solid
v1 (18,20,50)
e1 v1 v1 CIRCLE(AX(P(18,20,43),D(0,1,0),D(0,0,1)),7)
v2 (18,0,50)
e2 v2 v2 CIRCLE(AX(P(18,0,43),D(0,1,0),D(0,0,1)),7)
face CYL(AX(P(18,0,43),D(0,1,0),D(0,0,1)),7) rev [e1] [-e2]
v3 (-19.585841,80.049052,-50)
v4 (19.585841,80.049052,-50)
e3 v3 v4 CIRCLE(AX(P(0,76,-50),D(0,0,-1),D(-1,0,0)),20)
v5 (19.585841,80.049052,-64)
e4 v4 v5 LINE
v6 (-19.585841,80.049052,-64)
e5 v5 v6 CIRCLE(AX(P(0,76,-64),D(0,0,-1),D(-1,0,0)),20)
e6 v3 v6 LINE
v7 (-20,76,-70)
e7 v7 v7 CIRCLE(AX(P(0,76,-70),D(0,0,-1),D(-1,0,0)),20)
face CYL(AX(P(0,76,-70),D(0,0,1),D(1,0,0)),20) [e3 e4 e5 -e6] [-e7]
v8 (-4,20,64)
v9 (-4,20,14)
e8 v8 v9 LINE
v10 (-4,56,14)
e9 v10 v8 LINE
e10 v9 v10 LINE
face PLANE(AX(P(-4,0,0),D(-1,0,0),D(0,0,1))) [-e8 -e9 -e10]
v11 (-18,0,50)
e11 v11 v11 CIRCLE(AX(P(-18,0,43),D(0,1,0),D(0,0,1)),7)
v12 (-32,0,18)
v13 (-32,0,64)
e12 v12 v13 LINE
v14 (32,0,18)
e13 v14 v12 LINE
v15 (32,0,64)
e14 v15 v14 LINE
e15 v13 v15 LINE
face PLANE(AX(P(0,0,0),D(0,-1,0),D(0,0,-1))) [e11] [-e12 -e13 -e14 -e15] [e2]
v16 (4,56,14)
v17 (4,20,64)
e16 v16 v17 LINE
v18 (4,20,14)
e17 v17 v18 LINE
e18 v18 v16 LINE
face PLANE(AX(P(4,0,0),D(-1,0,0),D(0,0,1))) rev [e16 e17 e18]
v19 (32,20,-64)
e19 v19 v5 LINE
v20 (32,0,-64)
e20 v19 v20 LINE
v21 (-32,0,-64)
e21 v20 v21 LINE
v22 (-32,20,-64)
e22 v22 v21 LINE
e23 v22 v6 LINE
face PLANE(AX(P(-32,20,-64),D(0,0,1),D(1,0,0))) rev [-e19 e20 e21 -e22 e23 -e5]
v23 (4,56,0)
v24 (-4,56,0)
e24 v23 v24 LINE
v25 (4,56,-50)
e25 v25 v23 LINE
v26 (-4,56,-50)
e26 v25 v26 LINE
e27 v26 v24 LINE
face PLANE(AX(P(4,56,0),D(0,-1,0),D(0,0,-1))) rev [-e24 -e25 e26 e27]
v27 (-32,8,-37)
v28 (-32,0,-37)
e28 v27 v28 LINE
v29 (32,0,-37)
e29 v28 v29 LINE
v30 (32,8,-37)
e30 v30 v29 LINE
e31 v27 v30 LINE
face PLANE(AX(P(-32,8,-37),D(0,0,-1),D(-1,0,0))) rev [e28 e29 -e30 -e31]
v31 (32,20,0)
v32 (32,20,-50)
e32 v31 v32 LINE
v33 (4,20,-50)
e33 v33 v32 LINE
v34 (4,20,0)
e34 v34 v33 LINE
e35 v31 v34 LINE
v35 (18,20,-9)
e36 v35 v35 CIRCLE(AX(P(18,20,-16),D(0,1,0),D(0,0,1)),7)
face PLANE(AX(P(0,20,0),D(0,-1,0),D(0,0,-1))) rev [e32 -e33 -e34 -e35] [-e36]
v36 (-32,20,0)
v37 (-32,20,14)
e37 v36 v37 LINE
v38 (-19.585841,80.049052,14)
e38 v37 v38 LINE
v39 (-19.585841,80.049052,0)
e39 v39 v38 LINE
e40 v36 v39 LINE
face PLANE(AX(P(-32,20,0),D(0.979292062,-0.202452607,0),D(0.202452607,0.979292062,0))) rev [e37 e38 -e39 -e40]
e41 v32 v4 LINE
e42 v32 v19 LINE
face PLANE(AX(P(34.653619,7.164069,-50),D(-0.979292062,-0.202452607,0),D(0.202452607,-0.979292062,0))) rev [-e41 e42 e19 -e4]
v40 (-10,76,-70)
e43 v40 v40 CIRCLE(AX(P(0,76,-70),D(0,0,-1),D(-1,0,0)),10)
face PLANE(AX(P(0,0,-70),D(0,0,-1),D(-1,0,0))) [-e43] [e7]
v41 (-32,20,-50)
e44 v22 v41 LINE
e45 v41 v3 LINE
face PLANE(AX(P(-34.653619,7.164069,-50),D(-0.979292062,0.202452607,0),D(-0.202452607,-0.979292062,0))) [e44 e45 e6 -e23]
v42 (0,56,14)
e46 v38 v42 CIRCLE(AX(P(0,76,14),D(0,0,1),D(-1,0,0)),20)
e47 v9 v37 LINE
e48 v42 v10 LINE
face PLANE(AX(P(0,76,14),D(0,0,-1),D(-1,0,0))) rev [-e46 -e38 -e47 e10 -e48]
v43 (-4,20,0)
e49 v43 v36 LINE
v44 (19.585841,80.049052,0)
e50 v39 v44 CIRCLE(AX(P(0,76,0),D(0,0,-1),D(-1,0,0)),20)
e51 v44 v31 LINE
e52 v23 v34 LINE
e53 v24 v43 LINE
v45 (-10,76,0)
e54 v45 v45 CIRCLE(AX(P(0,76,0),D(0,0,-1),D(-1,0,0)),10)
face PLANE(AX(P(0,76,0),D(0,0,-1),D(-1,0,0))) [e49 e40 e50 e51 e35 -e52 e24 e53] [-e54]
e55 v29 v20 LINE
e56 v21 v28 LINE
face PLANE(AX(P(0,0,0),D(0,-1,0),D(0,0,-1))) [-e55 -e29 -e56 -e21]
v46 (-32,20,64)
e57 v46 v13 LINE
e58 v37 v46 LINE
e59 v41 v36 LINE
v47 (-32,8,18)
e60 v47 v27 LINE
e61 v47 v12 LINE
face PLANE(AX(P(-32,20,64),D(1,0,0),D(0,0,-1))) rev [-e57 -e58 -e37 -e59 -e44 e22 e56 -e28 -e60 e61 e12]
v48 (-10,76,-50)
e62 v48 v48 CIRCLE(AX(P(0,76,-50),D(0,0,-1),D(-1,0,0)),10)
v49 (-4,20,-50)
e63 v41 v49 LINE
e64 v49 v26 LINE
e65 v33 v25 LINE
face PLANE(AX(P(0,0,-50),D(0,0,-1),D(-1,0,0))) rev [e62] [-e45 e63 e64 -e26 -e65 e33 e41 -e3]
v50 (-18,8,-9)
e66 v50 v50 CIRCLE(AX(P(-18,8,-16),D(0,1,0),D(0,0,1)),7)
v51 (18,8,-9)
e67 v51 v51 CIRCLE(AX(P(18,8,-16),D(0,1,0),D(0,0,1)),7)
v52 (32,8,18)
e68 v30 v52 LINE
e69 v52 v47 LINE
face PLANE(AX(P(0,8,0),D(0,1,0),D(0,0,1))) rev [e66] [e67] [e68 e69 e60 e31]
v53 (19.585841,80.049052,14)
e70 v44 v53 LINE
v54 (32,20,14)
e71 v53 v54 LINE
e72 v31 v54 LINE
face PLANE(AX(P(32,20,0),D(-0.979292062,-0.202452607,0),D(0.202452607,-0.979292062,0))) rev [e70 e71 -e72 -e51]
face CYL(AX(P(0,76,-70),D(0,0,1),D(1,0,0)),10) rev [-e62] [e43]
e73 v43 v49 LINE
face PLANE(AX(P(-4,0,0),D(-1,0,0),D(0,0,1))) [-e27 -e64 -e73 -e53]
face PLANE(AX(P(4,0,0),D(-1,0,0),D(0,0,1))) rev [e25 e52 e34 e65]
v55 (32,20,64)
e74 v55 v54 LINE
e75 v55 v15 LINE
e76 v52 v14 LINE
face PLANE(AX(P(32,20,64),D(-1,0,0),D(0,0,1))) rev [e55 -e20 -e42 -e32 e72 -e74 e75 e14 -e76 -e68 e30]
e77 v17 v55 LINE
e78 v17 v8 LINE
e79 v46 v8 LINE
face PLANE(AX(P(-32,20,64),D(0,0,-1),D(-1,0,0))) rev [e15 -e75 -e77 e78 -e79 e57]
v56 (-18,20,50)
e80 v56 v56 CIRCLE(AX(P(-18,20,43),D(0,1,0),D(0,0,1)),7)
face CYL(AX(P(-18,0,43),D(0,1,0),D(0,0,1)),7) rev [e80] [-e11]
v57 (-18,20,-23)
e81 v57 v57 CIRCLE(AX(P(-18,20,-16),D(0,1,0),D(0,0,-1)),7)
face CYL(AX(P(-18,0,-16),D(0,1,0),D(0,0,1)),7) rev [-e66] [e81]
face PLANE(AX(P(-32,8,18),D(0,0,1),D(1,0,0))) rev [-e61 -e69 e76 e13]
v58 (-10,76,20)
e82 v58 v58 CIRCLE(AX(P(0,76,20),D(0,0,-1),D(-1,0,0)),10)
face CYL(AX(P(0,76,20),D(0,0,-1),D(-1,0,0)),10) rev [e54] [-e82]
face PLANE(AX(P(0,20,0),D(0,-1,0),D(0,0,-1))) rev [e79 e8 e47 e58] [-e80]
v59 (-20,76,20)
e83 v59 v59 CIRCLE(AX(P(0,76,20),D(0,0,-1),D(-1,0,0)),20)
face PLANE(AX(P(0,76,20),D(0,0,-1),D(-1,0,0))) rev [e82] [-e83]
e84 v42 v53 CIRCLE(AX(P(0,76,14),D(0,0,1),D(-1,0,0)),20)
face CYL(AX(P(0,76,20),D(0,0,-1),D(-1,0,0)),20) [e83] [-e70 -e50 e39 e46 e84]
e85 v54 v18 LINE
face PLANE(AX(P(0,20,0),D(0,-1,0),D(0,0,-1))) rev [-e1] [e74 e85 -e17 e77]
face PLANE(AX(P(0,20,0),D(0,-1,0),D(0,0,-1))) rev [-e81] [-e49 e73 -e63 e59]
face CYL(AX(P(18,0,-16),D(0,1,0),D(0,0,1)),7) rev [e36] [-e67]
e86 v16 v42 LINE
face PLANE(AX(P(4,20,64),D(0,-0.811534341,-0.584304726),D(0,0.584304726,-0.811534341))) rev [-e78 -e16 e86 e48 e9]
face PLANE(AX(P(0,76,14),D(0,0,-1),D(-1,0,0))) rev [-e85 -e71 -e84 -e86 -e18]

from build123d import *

# Parameters (mm, degrees)
SKETCH1_W                = 64
SKETCH1_H                = 128
BOSS_EXTRUDE1_DEPTH      = 20
BOSS_EXTRUDE2_DEPTH      = 14
BOSS_EXTRUDE3_DEPTH      = 6
BOSS_EXTRUDE3_DEPTH_BACK = 14
SKETCH2_3_R              = 10
BOSS_EXTRUDE4_START      = -70
SKETCH4_R                = 20
SKETCH4_R_2              = 10
BOSS_EXTRUDE4_DEPTH      = 20
BOSS_EXTRUDE5_START      = -78
BOSS_EXTRUDE5_DEPTH      = 14
SKETCH8_W                = 64
SKETCH8_H                = 55
CUT_EXTRUDE1_DEPTH       = 8
SKETCH6_W                = 50
SKETCH6_H                = 36
BOSS_EXTRUDE6_DEPTH      = 4
SKETCH7_R                = 7
CUT_EXTRUDE2_DEPTH       = 109.166538264


with BuildPart() as part:
    # Sketch1 → Boss-Extrude1 (new body)
    with BuildSketch(Plane(origin=(0, 0, 0), x_dir=(1, 0, 0), z_dir=(0, 1, 0))):
        Rectangle(SKETCH1_W, SKETCH1_H)
    extrude(amount=BOSS_EXTRUDE1_DEPTH)

    # Sketch2 → Boss-Extrude2 (add)
    with BuildSketch(Plane(origin=(0, 0, -64), x_dir=(-1, 0, 0), z_dir=(0, 0, -1))):
        with BuildLine():
            Line((-19.585841233, 80.049052133), (-32, 20))
            Line((-32, 20), (32, 20))
            Line((32, 20), (19.585841233, 80.049052133))
            ThreePointArc((19.585841233, 80.049052133), (19.8961909, 78.035089105), (20, 76))
            ThreePointArc((20, 76), (-2.035089105, 56.1038091), (-19.585841233, 80.049052133))
        make_face()
    extrude(amount=-BOSS_EXTRUDE2_DEPTH)

    # Sketch2<3> → Boss-Extrude3 (add, two sides: drawn at the far end of the back side and taken through both)
    with BuildSketch(Plane(origin=(0, 0, -64), x_dir=(-1, 0, 0), z_dir=(0, 0, -1)).offset(-BOSS_EXTRUDE3_DEPTH_BACK)):
        with BuildLine():
            ThreePointArc((19.585841233, 80.049052133), (0, 96), (-19.585841233, 80.049052133))
            ThreePointArc((-19.585841233, 80.049052133), (-2.035089105, 56.1038091), (20, 76))
            ThreePointArc((20, 76), (19.8961909, 78.035089105), (19.585841233, 80.049052133))
        make_face()
        with Locations((0, 76)):
            Circle(SKETCH2_3_R, mode=Mode.SUBTRACT)
    extrude(amount=BOSS_EXTRUDE3_DEPTH + BOSS_EXTRUDE3_DEPTH_BACK)



with BuildPart() as body_2:
    # Sketch4 → Boss-Extrude4 (new body)
    with BuildSketch(Plane(origin=(0, 0, -70), x_dir=(-1, 0, 0), z_dir=(0, 0, -1)).offset(BOSS_EXTRUDE4_START)):
        with Locations((0, 76)):
            Circle(SKETCH4_R)
        with Locations((0, 76)):
            Circle(SKETCH4_R_2, mode=Mode.SUBTRACT)
    extrude(amount=-BOSS_EXTRUDE4_DEPTH)


with BuildPart() as part_1:
    add(part.part)

    add(body_2.part)  # Boss-Extrude5 merges body 2
    # Sketch5 → Boss-Extrude5 (add)
    with BuildSketch(Plane(origin=(0, 0, -64), x_dir=(-1, 0, 0), z_dir=(0, 0, -1)).offset(BOSS_EXTRUDE5_START)):
        with BuildLine():
            Line((32, 20), (19.585841233, 80.049052133))
            ThreePointArc((19.585841233, 80.049052133), (0, 56), (-19.585841233, 80.049052133))
            Line((-19.585841233, 80.049052133), (-32, 20))
            Line((-32, 20), (32, 20))
        make_face()
    extrude(amount=BOSS_EXTRUDE5_DEPTH)

    # Sketch8 → Cut-Extrude1 (cut)
    with BuildSketch(Plane.XZ):
        with Locations((0, -9.5)):
            Rectangle(SKETCH8_W, SKETCH8_H)
    extrude(amount=-CUT_EXTRUDE1_DEPTH, mode=Mode.SUBTRACT)

    # Sketch6 → Boss-Extrude6 (add, symmetric)
    with BuildSketch(Plane(origin=(0, 0, 0), x_dir=(0, 0, -1), z_dir=(1, 0, 0))):
        Polygon((-64, 20), (-14, 20), (-14, 56), align=None)
        with Locations((25, 38)):
            Rectangle(SKETCH6_W, SKETCH6_H)
    extrude(amount=BOSS_EXTRUDE6_DEPTH, both=True)

    # Sketch7 → Cut-Extrude2 (cut, through all)
    with BuildSketch(Plane(origin=(0, 20, 0), x_dir=(1, 0, 0), z_dir=(0, 1, 0))):
        with Locations((18, 16)):
            Circle(SKETCH7_R)
        with Locations((-18, 16)):
            Circle(SKETCH7_R)
        with Locations((18, -43)):
            Circle(SKETCH7_R)
        with Locations((-18, -43)):
            Circle(SKETCH7_R)
    extrude(amount=-CUT_EXTRUDE2_DEPTH, mode=Mode.SUBTRACT)


solid = part_1.part
